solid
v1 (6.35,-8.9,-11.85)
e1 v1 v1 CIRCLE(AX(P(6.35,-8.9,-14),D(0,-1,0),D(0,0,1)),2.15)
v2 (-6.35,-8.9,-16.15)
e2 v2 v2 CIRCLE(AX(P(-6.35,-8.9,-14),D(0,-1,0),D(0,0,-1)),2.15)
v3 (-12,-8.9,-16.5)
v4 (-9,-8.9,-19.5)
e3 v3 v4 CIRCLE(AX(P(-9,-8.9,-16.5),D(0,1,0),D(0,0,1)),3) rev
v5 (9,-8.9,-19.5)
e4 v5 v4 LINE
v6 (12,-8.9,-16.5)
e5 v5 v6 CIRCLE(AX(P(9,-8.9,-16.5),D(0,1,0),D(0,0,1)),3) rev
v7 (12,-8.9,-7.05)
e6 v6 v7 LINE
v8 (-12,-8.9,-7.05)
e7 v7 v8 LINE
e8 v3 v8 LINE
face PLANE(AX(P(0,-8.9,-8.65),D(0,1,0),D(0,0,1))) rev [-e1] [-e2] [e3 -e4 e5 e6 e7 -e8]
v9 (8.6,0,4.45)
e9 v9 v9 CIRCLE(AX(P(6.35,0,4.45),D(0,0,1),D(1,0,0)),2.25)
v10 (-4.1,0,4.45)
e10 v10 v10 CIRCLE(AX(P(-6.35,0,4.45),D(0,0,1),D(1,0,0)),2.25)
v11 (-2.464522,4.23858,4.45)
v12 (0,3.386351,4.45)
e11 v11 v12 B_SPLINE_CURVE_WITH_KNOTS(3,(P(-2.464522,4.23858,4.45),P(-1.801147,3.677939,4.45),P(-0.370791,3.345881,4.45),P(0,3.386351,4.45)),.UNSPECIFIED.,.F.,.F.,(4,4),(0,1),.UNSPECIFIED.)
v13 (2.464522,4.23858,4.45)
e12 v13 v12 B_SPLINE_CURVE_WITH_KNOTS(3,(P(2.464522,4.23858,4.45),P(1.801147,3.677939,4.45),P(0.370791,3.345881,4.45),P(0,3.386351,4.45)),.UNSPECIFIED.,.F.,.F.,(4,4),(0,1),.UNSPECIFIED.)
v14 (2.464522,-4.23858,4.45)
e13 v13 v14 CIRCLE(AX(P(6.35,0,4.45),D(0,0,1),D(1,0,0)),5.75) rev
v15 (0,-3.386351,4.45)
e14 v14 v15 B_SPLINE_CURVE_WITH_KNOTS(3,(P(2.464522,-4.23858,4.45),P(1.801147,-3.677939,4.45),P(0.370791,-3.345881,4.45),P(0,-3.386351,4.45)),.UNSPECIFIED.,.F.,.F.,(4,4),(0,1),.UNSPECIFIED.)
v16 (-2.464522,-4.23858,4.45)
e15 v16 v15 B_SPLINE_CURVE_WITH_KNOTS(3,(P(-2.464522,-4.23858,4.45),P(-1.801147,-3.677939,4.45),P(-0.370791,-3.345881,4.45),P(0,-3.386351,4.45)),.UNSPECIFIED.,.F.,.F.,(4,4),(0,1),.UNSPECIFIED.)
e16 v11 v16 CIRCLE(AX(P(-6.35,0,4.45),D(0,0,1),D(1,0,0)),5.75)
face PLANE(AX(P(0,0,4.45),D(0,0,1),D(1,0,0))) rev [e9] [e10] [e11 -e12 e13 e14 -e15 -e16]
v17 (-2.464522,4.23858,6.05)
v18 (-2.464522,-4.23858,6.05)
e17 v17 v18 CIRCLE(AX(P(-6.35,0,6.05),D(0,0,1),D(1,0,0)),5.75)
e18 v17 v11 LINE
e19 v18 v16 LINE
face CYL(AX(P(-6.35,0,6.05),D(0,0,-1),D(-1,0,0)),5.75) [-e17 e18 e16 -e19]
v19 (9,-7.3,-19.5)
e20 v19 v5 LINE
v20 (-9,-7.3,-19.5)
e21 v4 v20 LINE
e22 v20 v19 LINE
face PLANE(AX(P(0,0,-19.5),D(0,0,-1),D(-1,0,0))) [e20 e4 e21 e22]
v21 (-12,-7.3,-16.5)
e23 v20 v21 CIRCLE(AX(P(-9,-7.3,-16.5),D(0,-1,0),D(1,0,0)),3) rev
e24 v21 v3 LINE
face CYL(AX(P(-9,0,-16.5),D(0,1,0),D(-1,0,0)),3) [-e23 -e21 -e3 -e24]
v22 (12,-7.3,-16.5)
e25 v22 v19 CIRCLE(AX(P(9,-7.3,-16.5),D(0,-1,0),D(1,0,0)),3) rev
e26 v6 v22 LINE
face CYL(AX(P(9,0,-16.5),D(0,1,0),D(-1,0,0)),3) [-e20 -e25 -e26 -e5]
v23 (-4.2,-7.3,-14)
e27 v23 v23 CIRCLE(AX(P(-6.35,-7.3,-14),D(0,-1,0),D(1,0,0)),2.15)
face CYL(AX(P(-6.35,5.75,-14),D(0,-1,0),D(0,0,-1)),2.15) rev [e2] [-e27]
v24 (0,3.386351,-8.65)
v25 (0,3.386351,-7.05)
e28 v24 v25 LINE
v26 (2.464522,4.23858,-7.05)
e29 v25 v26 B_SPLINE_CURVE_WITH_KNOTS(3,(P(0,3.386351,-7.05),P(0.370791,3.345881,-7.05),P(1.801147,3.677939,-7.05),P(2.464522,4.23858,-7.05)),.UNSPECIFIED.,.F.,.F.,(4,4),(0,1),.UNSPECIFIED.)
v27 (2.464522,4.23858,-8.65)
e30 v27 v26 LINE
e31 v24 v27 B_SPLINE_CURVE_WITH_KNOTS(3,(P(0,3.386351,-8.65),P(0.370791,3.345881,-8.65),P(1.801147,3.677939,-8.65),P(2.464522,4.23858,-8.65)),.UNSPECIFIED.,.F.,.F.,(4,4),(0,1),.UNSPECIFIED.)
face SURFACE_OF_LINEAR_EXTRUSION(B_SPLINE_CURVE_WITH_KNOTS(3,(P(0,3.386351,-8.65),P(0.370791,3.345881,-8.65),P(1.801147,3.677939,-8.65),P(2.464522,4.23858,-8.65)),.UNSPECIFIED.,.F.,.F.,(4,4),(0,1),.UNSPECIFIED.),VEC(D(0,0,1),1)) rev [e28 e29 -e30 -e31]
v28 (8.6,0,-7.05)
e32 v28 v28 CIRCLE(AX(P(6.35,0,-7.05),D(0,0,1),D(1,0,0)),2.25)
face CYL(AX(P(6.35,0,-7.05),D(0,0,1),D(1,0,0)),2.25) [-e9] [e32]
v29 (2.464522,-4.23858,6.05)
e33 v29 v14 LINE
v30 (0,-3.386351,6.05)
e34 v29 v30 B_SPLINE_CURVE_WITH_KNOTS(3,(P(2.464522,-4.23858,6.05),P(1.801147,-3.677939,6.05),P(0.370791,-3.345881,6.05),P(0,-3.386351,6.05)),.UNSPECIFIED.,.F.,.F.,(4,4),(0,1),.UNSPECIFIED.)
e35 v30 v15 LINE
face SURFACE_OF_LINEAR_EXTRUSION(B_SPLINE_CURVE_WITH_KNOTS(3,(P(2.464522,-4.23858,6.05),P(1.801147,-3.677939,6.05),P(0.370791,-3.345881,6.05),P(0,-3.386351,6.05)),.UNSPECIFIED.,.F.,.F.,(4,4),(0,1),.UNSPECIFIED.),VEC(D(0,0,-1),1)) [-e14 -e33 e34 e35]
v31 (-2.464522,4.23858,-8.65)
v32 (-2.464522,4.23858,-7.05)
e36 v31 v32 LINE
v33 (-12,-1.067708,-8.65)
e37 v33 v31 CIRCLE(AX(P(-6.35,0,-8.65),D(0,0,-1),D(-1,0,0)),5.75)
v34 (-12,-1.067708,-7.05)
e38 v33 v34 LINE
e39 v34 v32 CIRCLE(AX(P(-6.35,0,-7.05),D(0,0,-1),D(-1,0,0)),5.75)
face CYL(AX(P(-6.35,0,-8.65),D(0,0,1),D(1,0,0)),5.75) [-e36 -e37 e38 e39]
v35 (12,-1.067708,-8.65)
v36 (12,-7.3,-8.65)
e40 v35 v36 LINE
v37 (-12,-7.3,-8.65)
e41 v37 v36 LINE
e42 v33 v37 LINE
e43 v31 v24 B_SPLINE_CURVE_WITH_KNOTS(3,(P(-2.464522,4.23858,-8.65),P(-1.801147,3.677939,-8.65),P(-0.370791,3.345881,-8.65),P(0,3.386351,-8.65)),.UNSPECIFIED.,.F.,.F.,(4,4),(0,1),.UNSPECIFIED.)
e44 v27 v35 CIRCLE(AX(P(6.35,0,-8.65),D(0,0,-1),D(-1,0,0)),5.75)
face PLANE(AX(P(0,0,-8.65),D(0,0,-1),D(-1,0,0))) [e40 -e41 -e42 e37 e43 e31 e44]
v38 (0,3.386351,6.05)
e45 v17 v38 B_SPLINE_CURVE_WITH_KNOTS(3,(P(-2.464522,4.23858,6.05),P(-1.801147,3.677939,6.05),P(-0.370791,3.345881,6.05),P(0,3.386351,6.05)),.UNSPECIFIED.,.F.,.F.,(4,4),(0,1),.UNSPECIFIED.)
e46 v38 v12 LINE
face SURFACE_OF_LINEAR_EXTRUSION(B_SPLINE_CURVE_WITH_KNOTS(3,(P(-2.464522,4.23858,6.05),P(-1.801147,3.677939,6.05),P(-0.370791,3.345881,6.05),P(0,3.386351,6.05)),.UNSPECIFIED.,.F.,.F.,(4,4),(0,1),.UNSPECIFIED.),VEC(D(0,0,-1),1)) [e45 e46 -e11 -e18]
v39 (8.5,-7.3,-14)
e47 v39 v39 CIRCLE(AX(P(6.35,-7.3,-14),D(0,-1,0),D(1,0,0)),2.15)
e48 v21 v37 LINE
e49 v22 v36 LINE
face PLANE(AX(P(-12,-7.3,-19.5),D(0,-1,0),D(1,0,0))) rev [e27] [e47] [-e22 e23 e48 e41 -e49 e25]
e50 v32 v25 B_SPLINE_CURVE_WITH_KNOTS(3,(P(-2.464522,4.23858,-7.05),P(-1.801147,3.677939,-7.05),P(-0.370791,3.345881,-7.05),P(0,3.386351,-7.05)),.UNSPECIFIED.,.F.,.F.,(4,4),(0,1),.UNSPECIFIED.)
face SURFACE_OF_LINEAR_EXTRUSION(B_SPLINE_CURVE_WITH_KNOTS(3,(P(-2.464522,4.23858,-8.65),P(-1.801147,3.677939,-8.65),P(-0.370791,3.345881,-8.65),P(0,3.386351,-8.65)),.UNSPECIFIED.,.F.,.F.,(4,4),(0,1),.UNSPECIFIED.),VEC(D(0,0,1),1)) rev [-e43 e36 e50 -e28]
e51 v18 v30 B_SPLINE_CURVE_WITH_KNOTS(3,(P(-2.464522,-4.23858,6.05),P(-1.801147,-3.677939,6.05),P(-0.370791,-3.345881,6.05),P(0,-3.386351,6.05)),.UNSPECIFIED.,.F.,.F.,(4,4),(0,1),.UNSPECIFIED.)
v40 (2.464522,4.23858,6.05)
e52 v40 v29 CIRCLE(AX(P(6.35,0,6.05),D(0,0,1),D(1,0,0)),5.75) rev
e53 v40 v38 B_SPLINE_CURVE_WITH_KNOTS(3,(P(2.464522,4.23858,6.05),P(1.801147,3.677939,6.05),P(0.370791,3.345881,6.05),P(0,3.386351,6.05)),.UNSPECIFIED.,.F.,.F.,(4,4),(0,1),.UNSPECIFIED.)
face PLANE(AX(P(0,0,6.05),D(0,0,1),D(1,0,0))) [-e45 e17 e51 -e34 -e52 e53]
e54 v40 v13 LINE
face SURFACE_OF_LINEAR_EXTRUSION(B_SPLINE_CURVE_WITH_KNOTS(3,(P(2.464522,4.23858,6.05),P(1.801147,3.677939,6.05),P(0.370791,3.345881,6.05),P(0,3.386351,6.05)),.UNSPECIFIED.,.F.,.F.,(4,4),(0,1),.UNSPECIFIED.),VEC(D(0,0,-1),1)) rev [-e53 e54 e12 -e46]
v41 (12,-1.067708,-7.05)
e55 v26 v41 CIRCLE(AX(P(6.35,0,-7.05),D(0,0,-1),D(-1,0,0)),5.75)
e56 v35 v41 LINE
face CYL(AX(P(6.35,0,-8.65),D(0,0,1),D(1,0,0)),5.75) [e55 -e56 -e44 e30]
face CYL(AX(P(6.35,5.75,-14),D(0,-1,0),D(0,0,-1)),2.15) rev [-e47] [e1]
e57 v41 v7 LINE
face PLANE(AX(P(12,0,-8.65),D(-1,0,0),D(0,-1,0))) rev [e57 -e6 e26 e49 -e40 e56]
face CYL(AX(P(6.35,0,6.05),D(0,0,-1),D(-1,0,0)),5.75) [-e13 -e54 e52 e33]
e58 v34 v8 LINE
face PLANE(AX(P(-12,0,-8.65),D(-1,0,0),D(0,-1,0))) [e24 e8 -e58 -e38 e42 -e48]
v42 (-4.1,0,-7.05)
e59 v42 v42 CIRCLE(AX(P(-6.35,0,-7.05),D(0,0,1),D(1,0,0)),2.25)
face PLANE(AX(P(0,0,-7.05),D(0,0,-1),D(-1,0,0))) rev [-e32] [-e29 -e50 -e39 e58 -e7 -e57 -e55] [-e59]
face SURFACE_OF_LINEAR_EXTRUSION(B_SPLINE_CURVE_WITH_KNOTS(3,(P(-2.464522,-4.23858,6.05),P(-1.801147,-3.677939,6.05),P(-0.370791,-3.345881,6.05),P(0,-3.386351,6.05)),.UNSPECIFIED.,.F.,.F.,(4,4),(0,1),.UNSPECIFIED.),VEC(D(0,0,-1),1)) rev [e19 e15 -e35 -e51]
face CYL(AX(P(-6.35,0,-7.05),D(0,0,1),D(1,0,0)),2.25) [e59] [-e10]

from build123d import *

# Parameters (mm, degrees)
SKETCH_1_R          = 4.25
SKETCH_1_R_2        = 2.25
EXTRUDE_1_DEPTH     = 4.45
EXTRUDE_1_2_DEPTH   = 4.45
SKETCH_2_R          = 5.75
SKETCH_2_R_2        = 4.25
SKETCH_2_R_3        = 2.25
EXTRUDE_3_DEPTH     = 1.6
SKETCH_3_R          = 4.25
CUT_EXTRUDE_1_DEPTH = 4.45
EXTRUDE_START       = -13.1
SKETCH_4_R          = 2.25
EXTRUDE_4_DEPTH     = 13.1
EXTRUDE_START_2     = 1.6
SKETCH_5_W          = 24
SKETCH_5_H          = 7.832292175
EXTRUDE_6_DEPTH     = 1.6
SKETCH_6_W          = 24
SKETCH_6_H          = 1.6
EXTRUDE_7_DEPTH     = 10.85
SKETCH_9_R          = 2.15
CUT_EXTRUDE_2_DEPTH = 28.22650373
FILLET_1_R          = 3


with BuildPart() as part:
    # 草图1 → 凸台-拉伸1 (new body)
    with BuildSketch(Plane.XY):
        with Locations((-6.35, 0)):
            Circle(SKETCH_1_R)
        with Locations((-6.35, 0)):
            Circle(SKETCH_1_R_2, mode=Mode.SUBTRACT)
    extrude(amount=EXTRUDE_1_DEPTH)



with BuildPart() as body_2:
    # 草图1 → Extrude 1 2 (new body)
    with BuildSketch(Plane.XY):
        with Locations(Location((6.35, 0, 0), (0, 0, 180))):
            Circle(SKETCH_1_R)
        with Locations(Location((6.35, 0, 0), (0, 0, 180))):
            Circle(SKETCH_1_R_2, mode=Mode.SUBTRACT)
    extrude(amount=EXTRUDE_1_2_DEPTH)


with BuildPart() as part_1:
    add(part.part)

    add(body_2.part)  # 凸台-拉伸3 merges body 2
    # 草图2 → 凸台-拉伸3 (add)
    # profile 1 of 4: a face of its own
    with BuildSketch(Plane.XY.offset(4.45)):
        with Locations((-6.35, 0)):
            Circle(SKETCH_2_R)
        with Locations((-6.35, 0)):
            Circle(SKETCH_2_R_2, mode=Mode.SUBTRACT)
    # profile 2 of 4: a face of its own
    with BuildSketch(Plane.XY.offset(4.45)):
        with Locations((-6.35, 0)):
            Circle(SKETCH_2_R_2)
        with Locations((-6.35, 0)):
            Circle(SKETCH_2_R_3, mode=Mode.SUBTRACT)
    # profile 3 of 4: a face of its own
    with BuildSketch(Plane.XY.offset(4.45)):
        with BuildLine():
            ThreePointArc((-2.464522189, 4.238580208), (-1.086731177, 2.315275641), (-0.6, 0))
            ThreePointArc((-0.6, 0), (-1.086731177, -2.315275641), (-2.464522189, -4.238580208))
            add(Edge.make_bspline(
                [(-2.464522189, -4.238580208), (-1.801147303, -3.67793909), (-0.370790644, -3.34588107), (0, -3.386350938)],
                knots=[0, 0, 0, 0, 1, 1, 1, 1], degree=3))
            add(Edge.make_bspline(
                [(2.464522189, -4.238580208), (1.801147303, -3.67793909), (0.370790644, -3.34588107), (0, -3.386350938)],
                knots=[0, 0, 0, 0, 1, 1, 1, 1], degree=3))
            ThreePointArc((2.464522189, -4.238580208), (0.6, 0), (2.464522189, 4.238580208))
            add(Edge.make_bspline(
                [(2.464522189, 4.238580208), (1.801147303, 3.67793909), (0.370790644, 3.34588107), (0, 3.386350938)],
                knots=[0, 0, 0, 0, 1, 1, 1, 1], degree=3))
            add(Edge.make_bspline(
                [(-2.464522189, 4.238580208), (-1.801147303, 3.67793909), (-0.370790644, 3.34588107), (0, 3.386350938)],
                knots=[0, 0, 0, 0, 1, 1, 1, 1], degree=3))
        make_face()
    # profile 4 of 4: a face of its own
    with BuildSketch(Plane.XY.offset(4.45)):
        with Locations((6.35, 0)):
            Circle(SKETCH_2_R)
        with Locations(Location((6.35, 0, 0), (0, 0, 180))):
            Circle(SKETCH_2_R_3, mode=Mode.SUBTRACT)
    extrude(amount=EXTRUDE_3_DEPTH)

    # 草图3 → 切除-拉伸1 (cut)
    with BuildSketch(Plane(origin=(0, 0, 0), x_dir=(-1, 0, 0), z_dir=(0, 0, -1))):
        with Locations((6.35, 0)):
            Circle(SKETCH_3_R)
        with Locations((-6.35, 0)):
            Circle(SKETCH_3_R)
    extrude(amount=-CUT_EXTRUDE_1_DEPTH, mode=Mode.SUBTRACT)

    # 草图4 → 凸台-拉伸4 (add)
    with BuildSketch(Plane.XY.offset(6.05).offset(EXTRUDE_START)):
        with Locations((-6.35, 0)):
            Circle(SKETCH_4_R)
        with Locations((6.35, 0)):
            Circle(SKETCH_4_R)
    extrude(amount=EXTRUDE_4_DEPTH)

    # 草图5 → 凸台-拉伸6 (add)
    with BuildSketch(Plane(origin=(0, 0, -7.05), x_dir=(-1, 0, 0), z_dir=(0, 0, -1)).offset(EXTRUDE_START_2)):
        with Locations((0, -4.983853912)):
            Rectangle(SKETCH_5_W, SKETCH_5_H)
        with BuildLine():
            ThreePointArc((2.464522189, -4.238580208), (12.1, 0), (2.464522189, 4.238580208))
            add(Edge.make_bspline(
                [(2.464522189, 4.238580208), (1.801147303, 3.67793909), (0.370790644, 3.34588107), (0, 3.386350938)],
                knots=[0, 0, 0, 0, 1, 1, 1, 1], degree=3))
            add(Edge.make_bspline(
                [(0, 3.386350938), (-0.370790644, 3.34588107), (-1.801147303, 3.67793909), (-2.464522189, 4.238580208)],
                knots=[0, 0, 0, 0, 1, 1, 1, 1], degree=3))
            ThreePointArc((-2.464522189, 4.238580208), (-12.1, 0), (-2.464522189, -4.238580208))
            add(Edge.make_bspline(
                [(-2.464522189, -4.238580208), (-1.801147303, -3.67793909), (-0.370790644, -3.34588107), (0, -3.386350938)],
                knots=[0, 0, 0, 0, 1, 1, 1, 1], degree=3))
            add(Edge.make_bspline(
                [(0, -3.386350938), (0.370790644, -3.34588107), (1.801147303, -3.67793909), (2.464522189, -4.238580208)],
                knots=[0, 0, 0, 0, 1, 1, 1, 1], degree=3))
        make_face()
    extrude(amount=-EXTRUDE_6_DEPTH)

    # 草图6 → 凸台-拉伸7 (add)
    with BuildSketch(Plane(origin=(0, 0, -8.65), x_dir=(-1, 0, 0), z_dir=(0, 0, -1))):
        with Locations((0, -8.1)):
            Rectangle(SKETCH_6_W, SKETCH_6_H)
    extrude(amount=EXTRUDE_7_DEPTH)

    # 草图9 → 切除-拉伸2 (cut, through all)
    with BuildSketch(Plane.XZ.offset(8.9)):
        with Locations(Location((-6.35, -14, 0), (0, 0, 270))):
            Circle(SKETCH_9_R)
        with Locations((6.35, -14)):
            Circle(SKETCH_9_R)
    extrude(amount=-CUT_EXTRUDE_2_DEPTH, mode=Mode.SUBTRACT)

    # 圆角1
    fillet_1_edges = [part_1.edges().sort_by_distance(p)[0] for p in [
        (-12, -8.1, -19.5),
        (12, -8.1, -19.5),
    ]]
    fillet(fillet_1_edges, radius=FILLET_1_R)


solid = part_1.part
